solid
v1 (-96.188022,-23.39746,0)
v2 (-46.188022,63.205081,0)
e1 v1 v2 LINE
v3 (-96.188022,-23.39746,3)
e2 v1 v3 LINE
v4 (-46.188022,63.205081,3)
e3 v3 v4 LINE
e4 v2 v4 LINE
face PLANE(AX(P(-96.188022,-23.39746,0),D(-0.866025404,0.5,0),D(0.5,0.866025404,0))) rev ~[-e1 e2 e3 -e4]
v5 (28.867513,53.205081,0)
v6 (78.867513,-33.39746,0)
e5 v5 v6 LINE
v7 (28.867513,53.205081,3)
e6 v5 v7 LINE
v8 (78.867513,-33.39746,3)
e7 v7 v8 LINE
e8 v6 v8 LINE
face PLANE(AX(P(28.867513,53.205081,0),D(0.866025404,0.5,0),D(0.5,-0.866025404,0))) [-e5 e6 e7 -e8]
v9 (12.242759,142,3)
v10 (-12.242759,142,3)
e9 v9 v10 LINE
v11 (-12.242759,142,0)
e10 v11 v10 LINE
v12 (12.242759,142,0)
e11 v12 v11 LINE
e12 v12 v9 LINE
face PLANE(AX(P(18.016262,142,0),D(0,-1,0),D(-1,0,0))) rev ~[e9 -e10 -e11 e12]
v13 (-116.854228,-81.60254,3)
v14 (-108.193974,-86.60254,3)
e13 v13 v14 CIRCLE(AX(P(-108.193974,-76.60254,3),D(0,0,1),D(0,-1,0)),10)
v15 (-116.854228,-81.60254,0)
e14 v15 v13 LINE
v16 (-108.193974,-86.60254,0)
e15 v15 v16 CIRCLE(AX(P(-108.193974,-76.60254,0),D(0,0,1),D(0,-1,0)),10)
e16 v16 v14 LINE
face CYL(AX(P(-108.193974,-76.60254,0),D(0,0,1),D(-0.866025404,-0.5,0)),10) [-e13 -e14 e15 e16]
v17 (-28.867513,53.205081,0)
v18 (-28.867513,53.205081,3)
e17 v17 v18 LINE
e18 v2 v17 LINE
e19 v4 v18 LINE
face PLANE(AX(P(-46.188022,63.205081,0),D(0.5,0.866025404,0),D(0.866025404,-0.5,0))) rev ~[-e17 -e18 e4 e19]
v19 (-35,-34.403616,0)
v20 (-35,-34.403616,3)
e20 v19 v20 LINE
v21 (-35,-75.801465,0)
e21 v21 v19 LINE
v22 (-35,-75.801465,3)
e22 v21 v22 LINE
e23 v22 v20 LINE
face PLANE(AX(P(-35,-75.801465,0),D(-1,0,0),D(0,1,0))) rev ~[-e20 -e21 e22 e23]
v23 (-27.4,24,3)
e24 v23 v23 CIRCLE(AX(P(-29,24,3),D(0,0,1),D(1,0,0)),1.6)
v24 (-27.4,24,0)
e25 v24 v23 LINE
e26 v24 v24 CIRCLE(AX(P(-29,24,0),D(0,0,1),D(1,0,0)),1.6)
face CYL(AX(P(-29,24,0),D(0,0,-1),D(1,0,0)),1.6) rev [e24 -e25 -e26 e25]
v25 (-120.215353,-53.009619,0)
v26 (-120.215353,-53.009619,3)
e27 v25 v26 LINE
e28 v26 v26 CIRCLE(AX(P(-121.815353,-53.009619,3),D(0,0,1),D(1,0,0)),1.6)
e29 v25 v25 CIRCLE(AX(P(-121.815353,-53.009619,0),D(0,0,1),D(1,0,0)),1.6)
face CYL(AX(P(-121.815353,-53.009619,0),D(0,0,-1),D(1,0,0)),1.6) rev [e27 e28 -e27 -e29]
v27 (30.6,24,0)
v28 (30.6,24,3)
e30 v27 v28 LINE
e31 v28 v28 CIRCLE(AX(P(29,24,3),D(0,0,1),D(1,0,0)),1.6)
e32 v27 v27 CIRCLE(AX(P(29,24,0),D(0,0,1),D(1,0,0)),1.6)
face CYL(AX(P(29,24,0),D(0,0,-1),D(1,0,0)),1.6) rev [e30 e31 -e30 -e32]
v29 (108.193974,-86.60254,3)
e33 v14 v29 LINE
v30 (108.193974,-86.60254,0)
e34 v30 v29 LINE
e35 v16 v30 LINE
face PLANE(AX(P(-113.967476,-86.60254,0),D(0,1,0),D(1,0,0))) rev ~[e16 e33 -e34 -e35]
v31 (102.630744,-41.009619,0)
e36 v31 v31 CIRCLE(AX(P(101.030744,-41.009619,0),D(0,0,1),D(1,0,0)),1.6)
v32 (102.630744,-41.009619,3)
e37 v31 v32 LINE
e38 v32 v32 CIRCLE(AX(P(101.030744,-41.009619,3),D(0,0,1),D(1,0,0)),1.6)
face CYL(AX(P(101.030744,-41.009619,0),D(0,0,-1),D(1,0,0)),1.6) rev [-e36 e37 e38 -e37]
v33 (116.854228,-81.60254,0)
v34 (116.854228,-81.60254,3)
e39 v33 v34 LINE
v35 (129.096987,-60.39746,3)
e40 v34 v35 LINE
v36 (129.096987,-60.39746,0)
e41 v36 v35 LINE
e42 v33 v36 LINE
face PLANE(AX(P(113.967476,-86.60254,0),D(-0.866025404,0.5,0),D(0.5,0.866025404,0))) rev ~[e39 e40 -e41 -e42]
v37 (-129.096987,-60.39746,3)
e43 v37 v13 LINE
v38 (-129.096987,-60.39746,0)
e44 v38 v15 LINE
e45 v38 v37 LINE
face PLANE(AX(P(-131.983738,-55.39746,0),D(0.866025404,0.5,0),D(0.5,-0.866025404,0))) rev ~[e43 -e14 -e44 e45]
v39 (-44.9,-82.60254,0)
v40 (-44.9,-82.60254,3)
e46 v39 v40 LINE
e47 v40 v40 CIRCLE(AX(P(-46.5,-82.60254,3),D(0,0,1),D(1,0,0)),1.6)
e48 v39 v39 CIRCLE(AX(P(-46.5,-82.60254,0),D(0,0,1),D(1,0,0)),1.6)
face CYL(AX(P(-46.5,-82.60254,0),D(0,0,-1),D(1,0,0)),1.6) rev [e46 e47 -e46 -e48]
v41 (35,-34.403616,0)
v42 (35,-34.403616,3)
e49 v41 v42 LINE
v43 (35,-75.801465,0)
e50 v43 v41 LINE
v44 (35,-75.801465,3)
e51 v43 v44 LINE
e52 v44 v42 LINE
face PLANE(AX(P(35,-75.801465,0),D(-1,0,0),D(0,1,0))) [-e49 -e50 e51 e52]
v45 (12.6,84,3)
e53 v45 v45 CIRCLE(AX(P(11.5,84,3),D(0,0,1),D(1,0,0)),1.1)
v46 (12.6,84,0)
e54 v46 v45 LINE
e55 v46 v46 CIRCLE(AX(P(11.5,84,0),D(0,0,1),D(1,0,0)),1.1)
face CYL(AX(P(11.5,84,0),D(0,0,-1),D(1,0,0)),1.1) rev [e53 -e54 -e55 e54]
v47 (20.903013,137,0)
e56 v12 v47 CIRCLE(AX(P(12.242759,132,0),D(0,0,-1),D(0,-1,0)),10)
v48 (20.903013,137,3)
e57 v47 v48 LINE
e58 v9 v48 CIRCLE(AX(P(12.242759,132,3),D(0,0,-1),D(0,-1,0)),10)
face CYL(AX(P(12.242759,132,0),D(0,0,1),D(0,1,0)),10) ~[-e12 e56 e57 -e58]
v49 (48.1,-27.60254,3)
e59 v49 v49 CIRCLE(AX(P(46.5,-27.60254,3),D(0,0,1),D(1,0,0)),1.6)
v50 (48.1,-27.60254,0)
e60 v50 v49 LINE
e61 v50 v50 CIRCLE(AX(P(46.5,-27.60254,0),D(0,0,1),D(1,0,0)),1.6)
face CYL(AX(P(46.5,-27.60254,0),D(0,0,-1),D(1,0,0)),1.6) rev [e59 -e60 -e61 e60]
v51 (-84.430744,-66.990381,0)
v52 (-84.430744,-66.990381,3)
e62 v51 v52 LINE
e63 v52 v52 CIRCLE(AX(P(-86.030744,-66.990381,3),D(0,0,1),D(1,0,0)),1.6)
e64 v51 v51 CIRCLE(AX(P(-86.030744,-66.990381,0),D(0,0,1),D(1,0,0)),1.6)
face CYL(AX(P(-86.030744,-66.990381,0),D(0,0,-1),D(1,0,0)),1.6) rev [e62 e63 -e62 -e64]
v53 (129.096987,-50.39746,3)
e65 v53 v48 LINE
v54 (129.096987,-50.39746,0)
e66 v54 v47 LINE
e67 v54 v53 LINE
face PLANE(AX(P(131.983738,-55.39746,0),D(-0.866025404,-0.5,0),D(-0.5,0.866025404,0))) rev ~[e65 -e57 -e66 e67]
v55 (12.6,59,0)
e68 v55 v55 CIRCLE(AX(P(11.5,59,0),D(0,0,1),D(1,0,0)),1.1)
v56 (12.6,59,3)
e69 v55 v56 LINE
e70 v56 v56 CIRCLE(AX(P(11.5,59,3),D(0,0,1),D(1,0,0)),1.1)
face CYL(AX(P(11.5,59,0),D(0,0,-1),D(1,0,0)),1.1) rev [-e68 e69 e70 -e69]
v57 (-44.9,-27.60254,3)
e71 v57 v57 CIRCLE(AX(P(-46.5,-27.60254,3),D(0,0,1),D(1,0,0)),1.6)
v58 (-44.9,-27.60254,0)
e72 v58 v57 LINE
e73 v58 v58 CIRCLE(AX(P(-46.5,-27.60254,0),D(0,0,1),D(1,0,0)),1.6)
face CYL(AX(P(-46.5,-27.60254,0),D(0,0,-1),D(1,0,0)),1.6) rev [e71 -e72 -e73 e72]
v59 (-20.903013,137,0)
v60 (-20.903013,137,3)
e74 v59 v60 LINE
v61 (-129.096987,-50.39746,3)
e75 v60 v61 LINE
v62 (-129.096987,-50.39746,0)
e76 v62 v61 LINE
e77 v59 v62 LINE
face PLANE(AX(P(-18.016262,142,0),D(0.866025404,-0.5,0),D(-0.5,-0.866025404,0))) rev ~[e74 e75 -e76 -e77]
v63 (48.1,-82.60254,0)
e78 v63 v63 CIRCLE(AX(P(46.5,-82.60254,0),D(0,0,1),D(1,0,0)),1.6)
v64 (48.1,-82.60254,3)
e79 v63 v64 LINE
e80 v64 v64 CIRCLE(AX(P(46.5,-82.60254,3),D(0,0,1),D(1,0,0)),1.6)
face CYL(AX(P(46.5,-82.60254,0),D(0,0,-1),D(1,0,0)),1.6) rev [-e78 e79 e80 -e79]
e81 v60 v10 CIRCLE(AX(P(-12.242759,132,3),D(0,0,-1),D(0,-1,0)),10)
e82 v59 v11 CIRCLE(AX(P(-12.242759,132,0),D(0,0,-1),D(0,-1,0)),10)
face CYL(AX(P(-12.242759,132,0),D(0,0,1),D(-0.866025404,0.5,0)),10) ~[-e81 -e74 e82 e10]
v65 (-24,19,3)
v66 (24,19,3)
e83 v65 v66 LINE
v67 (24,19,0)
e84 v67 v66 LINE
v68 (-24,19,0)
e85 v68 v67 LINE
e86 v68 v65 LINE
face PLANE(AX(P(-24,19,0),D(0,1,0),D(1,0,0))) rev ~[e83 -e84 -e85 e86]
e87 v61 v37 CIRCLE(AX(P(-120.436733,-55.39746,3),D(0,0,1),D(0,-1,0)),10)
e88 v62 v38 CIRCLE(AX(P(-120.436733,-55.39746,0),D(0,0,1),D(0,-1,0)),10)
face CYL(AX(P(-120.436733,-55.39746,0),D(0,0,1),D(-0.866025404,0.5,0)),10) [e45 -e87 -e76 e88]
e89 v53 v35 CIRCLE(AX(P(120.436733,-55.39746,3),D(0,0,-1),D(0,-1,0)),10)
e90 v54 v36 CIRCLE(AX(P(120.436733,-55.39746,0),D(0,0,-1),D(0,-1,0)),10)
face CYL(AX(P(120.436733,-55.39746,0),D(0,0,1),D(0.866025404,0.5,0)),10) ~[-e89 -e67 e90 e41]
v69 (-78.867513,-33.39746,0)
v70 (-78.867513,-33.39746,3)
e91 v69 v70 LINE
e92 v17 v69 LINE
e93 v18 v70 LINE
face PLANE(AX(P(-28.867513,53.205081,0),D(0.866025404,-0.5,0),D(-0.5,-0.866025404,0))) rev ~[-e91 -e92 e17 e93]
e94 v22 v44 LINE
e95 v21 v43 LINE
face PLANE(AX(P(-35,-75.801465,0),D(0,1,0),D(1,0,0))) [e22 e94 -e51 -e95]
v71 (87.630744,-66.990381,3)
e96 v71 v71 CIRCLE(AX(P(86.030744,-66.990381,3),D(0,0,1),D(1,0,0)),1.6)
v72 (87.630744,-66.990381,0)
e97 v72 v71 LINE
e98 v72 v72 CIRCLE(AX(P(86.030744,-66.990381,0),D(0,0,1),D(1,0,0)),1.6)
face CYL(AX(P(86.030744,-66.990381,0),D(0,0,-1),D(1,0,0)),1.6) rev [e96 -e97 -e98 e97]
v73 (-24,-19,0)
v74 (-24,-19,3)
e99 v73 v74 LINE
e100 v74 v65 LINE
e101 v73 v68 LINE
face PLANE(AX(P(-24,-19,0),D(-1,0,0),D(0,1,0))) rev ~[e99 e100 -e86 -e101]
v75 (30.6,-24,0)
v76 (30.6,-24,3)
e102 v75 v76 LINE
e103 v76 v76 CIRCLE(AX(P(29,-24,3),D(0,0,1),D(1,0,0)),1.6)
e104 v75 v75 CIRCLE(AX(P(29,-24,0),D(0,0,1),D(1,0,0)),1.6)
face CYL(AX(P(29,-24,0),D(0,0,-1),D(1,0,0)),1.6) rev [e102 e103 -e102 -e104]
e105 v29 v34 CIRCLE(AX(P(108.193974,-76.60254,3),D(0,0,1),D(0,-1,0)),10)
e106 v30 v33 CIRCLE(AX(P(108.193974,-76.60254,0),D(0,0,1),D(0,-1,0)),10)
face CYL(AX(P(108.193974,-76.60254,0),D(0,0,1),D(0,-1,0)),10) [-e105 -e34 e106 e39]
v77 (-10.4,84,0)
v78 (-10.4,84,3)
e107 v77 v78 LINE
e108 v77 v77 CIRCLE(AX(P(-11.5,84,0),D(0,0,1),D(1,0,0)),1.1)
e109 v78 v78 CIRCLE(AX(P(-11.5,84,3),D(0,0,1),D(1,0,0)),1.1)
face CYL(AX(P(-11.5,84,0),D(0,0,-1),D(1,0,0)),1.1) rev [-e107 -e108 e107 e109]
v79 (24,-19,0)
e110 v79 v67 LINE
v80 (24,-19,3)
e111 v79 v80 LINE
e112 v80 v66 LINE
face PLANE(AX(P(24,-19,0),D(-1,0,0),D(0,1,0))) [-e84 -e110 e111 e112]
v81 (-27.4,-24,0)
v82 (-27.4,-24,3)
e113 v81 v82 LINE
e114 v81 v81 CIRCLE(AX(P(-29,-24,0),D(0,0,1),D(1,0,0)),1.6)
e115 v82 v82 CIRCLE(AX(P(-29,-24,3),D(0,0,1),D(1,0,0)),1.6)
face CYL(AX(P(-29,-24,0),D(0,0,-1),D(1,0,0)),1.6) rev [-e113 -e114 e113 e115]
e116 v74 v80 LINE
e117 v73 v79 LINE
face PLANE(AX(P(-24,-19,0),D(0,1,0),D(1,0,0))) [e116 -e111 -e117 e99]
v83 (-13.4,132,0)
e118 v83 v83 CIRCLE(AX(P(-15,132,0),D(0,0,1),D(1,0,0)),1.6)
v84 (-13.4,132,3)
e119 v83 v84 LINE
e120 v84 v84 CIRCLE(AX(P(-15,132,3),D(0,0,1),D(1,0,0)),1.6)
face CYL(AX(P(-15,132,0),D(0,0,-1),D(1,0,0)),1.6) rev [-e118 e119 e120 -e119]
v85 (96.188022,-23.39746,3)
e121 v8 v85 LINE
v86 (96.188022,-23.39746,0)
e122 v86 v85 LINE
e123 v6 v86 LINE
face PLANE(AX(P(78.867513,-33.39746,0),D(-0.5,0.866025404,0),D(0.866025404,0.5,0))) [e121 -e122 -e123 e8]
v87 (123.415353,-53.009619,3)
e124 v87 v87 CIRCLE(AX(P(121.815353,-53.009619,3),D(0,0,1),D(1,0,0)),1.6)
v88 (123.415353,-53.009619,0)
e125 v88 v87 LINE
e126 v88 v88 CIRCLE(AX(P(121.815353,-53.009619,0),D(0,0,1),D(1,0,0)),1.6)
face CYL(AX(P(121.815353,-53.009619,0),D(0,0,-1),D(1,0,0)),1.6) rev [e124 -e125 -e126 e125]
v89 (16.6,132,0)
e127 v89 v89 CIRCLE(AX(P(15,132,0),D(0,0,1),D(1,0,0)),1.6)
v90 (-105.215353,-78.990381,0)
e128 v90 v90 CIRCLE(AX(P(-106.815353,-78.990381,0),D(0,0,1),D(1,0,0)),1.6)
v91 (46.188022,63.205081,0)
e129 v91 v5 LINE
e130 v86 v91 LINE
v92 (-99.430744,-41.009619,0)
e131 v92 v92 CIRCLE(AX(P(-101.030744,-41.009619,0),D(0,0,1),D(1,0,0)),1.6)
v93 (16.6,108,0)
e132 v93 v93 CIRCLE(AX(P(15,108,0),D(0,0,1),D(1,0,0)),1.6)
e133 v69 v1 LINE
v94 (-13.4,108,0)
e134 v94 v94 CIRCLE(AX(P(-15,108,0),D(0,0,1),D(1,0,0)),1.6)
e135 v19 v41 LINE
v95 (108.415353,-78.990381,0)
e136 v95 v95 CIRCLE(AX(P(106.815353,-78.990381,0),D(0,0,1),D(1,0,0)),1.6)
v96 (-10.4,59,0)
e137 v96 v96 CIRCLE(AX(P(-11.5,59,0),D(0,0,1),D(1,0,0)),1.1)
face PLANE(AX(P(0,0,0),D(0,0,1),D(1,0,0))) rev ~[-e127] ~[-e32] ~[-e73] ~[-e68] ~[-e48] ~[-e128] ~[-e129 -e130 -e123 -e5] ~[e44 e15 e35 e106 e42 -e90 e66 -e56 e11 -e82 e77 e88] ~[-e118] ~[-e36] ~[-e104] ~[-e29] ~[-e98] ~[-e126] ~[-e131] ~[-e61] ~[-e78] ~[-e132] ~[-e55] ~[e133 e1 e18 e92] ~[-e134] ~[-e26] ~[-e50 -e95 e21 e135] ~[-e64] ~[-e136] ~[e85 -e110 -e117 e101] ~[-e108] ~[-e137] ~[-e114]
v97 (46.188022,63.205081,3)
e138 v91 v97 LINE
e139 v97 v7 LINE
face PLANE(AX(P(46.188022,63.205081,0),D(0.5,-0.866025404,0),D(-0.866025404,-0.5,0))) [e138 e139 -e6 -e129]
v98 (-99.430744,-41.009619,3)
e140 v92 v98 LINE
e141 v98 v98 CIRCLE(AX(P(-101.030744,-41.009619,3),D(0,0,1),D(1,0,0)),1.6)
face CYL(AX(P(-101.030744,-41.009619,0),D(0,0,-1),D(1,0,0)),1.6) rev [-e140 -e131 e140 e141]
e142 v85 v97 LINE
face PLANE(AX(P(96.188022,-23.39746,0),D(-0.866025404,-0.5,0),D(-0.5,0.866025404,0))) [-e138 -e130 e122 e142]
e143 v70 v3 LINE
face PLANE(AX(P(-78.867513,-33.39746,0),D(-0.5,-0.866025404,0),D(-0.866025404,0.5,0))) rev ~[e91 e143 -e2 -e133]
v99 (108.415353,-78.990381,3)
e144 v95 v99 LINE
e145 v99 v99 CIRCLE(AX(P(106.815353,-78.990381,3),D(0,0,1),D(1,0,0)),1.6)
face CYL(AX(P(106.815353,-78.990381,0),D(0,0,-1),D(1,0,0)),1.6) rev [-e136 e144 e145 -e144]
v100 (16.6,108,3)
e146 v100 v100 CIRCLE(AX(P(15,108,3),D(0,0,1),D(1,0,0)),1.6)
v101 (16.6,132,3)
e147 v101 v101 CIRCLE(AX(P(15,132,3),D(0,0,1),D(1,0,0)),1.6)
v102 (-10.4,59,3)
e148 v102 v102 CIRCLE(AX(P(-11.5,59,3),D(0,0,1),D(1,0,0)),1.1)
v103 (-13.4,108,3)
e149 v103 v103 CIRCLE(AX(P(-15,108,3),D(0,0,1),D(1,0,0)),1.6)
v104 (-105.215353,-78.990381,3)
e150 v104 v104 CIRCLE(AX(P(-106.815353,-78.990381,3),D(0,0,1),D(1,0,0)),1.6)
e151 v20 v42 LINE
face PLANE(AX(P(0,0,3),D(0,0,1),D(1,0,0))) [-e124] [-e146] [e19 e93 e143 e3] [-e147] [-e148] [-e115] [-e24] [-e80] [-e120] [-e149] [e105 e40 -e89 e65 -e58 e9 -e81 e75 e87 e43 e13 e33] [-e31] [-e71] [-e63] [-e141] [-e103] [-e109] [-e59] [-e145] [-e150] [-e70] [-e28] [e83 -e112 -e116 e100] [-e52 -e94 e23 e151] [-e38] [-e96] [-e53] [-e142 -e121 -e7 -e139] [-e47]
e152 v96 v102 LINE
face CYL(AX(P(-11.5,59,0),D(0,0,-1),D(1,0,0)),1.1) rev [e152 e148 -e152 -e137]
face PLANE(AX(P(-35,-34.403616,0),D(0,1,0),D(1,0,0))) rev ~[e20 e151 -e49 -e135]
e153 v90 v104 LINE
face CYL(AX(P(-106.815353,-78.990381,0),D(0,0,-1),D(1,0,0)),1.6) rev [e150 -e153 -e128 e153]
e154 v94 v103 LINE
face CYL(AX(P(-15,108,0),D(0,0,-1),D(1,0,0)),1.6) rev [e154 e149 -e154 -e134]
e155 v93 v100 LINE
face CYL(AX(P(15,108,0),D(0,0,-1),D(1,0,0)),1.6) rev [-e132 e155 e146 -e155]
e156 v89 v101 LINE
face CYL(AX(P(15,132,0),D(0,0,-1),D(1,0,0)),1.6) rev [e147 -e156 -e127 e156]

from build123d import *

# Parameters (mm, degrees)
SKETCH_1_R      = 1.6
SKETCH_1_R_2    = 1.1
SKETCH_1_W      = 48
SKETCH_1_H      = 38
SKETCH_1_W_2    = 70
SKETCH_1_H_2    = 41.397849463
EXTRUDE_1_DEPTH = 3
FILLET_1_R      = 10


with BuildPart() as part:
    # 草图1 → 凸台-拉伸1 (new body)
    with BuildSketch(Plane.XY):
        Polygon((-18.016261775, 142), (-131.983738225, -55.397459622), (-113.96747645, -86.602540378), (113.96747645, -86.602540378), (131.983738225, -55.397459622), (18.016261775, 142), align=None)
        with Locations((-15, 132)):
            Circle(SKETCH_1_R, mode=Mode.SUBTRACT)
        with Locations((15, 132)):
            Circle(SKETCH_1_R, mode=Mode.SUBTRACT)
        with Locations((15, 108)):
            Circle(SKETCH_1_R, mode=Mode.SUBTRACT)
        with Locations((-15, 108)):
            Circle(SKETCH_1_R, mode=Mode.SUBTRACT)
        with Locations((-29, 24)):
            Circle(SKETCH_1_R, mode=Mode.SUBTRACT)
        with Locations((-29, -24)):
            Circle(SKETCH_1_R, mode=Mode.SUBTRACT)
        with Locations((-86.030743609, -66.990381057)):
            Circle(SKETCH_1_R, mode=Mode.SUBTRACT)
        with Locations((29, -24)):
            Circle(SKETCH_1_R, mode=Mode.SUBTRACT)
        with Locations((29, 24)):
            Circle(SKETCH_1_R, mode=Mode.SUBTRACT)
        with Locations((101.030743609, -41.009618943)):
            Circle(SKETCH_1_R, mode=Mode.SUBTRACT)
        with Locations((86.030743609, -66.990381057)):
            Circle(SKETCH_1_R, mode=Mode.SUBTRACT)
        with Locations((106.8153533, -78.990381057)):
            Circle(SKETCH_1_R, mode=Mode.SUBTRACT)
        with Locations((121.8153533, -53.009618943)):
            Circle(SKETCH_1_R, mode=Mode.SUBTRACT)
        with Locations((-101.030743609, -41.009618943)):
            Circle(SKETCH_1_R, mode=Mode.SUBTRACT)
        with Locations((-121.8153533, -53.009618943)):
            Circle(SKETCH_1_R, mode=Mode.SUBTRACT)
        with Locations((-106.8153533, -78.990381057)):
            Circle(SKETCH_1_R, mode=Mode.SUBTRACT)
        with Locations((-11.5, 84)):
            Circle(SKETCH_1_R_2, mode=Mode.SUBTRACT)
        with Locations((11.5, 84)):
            Circle(SKETCH_1_R_2, mode=Mode.SUBTRACT)
        with Locations((11.5, 59)):
            Circle(SKETCH_1_R_2, mode=Mode.SUBTRACT)
        with Locations((-11.5, 59)):
            Circle(SKETCH_1_R_2, mode=Mode.SUBTRACT)
        with Locations((-46.5, -27.602540378)):
            Circle(SKETCH_1_R, mode=Mode.SUBTRACT)
        with Locations((-46.5, -82.602540378)):
            Circle(SKETCH_1_R, mode=Mode.SUBTRACT)
        with Locations((46.5, -82.602540378)):
            Circle(SKETCH_1_R, mode=Mode.SUBTRACT)
        with Locations((46.5, -27.602540378)):
            Circle(SKETCH_1_R, mode=Mode.SUBTRACT)
        Rectangle(SKETCH_1_W, SKETCH_1_H, mode=Mode.SUBTRACT)
        Polygon((-46.188021535, 63.205080757), (-28.867513459, 53.205080757), (-78.867513459, -33.397459622), (-96.188021535, -23.397459622), align=None, mode=Mode.SUBTRACT)
        with Locations((0, -55.102540379)):
            Rectangle(SKETCH_1_W_2, SKETCH_1_H_2, mode=Mode.SUBTRACT)
        Polygon((46.188021535, 63.205080757), (28.867513459, 53.205080757), (78.867513459, -33.397459622), (96.188021535, -23.397459622), align=None, mode=Mode.SUBTRACT)
    extrude(amount=EXTRUDE_1_DEPTH)

    # 圆角1
    fillet_1_edges = [part.edges().sort_by_distance(p)[0] for p in [
        (-131.983738225, -55.397459622, 1.5),
        (-18.016261775, 142, 1.5),
        (18.016261775, 142, 1.5),
        (131.983738225, -55.397459622, 1.5),
        (113.96747645, -86.602540378, 1.5),
        (-113.96747645, -86.602540378, 1.5),
    ]]
    fillet(fillet_1_edges, radius=FILLET_1_R)


solid = part.part
